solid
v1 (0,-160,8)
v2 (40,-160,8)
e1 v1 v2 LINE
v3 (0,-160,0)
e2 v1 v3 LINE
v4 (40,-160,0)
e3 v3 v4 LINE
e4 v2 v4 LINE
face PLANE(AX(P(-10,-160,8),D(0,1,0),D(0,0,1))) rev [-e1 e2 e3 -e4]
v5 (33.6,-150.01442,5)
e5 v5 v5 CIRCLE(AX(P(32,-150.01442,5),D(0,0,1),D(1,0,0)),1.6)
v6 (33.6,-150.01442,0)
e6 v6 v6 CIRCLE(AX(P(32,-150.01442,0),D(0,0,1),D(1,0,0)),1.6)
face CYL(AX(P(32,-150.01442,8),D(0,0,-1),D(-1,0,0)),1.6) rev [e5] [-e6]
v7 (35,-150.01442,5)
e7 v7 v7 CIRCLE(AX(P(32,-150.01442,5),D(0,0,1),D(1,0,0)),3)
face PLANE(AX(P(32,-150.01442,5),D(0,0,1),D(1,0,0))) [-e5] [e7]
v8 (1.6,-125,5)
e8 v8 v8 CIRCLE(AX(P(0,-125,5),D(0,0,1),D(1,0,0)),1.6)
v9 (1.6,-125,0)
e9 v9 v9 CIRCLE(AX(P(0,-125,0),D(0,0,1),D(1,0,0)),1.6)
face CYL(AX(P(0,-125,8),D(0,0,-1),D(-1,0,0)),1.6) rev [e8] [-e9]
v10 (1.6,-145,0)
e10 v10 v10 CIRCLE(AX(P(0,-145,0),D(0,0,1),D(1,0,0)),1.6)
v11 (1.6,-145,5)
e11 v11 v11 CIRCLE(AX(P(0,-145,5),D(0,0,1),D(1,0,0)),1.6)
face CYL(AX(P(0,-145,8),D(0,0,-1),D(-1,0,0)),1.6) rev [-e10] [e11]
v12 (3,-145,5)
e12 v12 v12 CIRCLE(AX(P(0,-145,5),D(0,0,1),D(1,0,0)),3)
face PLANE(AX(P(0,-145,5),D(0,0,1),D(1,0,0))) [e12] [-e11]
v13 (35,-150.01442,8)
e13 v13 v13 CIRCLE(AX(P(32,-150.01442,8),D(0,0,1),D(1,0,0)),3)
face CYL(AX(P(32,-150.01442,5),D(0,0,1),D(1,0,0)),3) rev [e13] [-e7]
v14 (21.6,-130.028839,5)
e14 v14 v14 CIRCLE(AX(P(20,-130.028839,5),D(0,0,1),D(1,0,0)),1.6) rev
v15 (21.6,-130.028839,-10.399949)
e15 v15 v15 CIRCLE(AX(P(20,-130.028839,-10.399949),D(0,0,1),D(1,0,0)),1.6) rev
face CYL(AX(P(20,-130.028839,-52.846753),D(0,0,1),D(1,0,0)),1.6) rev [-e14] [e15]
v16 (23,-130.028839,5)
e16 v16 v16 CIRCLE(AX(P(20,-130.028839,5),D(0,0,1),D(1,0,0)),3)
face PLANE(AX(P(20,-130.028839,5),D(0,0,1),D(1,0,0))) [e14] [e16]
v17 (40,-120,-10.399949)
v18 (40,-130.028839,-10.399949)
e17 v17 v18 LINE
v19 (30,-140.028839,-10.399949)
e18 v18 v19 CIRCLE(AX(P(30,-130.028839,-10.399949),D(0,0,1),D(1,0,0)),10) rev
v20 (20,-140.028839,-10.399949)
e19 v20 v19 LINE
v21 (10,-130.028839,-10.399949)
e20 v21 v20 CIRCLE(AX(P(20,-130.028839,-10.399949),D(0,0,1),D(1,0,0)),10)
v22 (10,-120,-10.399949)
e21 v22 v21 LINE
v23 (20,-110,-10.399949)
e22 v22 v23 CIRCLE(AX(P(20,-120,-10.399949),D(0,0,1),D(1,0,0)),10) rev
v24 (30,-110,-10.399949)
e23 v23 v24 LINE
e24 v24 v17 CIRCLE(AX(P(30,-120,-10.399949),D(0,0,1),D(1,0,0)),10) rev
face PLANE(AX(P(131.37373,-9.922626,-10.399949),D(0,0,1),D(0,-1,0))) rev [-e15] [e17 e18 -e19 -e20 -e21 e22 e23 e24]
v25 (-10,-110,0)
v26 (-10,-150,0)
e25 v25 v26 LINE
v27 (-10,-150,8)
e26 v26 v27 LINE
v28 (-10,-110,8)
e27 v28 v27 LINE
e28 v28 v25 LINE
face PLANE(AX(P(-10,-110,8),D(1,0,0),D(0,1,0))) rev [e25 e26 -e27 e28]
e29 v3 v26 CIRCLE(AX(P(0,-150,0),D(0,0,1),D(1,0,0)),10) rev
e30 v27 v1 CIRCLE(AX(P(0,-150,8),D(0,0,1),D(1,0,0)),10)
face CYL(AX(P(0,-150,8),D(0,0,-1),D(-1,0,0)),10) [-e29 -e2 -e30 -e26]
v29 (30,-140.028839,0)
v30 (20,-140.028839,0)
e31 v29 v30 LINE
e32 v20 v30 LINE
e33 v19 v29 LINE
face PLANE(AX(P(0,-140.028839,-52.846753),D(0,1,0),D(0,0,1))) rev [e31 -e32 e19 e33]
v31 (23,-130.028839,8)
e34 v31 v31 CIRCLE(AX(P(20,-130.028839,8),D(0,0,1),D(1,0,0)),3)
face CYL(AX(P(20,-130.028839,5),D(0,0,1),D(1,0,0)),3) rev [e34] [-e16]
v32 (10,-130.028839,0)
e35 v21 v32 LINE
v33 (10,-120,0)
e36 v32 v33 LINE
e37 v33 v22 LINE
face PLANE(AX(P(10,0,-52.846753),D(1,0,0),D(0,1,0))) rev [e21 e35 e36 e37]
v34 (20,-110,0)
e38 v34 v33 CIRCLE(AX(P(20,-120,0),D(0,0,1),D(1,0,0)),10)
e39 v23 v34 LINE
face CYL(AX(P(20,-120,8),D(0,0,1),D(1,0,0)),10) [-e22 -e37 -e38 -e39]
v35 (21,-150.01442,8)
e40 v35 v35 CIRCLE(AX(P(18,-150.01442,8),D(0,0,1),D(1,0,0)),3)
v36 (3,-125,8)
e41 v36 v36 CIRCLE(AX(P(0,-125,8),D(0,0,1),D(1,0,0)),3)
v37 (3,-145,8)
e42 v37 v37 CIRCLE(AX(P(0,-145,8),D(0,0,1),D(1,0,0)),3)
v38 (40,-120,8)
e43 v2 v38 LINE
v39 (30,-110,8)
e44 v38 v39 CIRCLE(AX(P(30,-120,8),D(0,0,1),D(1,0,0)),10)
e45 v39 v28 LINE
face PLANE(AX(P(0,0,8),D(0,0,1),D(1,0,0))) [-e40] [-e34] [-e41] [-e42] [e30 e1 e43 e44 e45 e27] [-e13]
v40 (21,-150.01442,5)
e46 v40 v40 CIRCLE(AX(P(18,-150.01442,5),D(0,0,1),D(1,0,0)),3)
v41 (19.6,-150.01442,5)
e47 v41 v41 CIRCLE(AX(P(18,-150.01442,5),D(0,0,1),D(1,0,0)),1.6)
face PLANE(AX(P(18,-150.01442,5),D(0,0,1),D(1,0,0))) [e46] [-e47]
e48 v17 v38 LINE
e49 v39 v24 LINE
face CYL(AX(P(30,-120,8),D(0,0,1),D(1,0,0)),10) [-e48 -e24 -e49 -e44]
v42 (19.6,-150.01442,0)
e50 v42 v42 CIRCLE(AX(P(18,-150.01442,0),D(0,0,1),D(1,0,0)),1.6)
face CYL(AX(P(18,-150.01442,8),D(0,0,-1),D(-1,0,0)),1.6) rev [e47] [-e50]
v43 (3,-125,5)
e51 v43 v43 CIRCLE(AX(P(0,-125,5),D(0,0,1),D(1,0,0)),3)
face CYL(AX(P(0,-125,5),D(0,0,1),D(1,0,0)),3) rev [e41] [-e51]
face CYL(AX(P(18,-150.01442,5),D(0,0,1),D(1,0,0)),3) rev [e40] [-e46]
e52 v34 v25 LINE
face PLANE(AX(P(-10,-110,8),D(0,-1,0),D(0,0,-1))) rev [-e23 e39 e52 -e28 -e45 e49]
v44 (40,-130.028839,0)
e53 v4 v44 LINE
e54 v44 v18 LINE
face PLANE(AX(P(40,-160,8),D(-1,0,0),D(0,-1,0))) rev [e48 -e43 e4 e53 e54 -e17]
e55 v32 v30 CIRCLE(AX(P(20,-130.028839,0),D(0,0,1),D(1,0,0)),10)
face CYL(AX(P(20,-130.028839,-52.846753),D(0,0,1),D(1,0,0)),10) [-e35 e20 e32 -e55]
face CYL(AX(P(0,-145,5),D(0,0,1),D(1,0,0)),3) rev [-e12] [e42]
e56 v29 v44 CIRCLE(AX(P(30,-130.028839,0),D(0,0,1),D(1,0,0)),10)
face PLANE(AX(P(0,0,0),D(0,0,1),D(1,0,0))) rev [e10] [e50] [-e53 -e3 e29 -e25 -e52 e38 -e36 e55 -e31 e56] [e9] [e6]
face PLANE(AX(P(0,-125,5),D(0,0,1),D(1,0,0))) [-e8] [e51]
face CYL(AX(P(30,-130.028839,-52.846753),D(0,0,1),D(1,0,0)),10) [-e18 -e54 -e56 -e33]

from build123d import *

# Parameters (mm, degrees)
SKETCH_1_R          = 1.6
EXTRUDE_1_DEPTH     = 8
SKETCH_2_R          = 3
CUT_EXTRUDE_1_DEPTH = 3
FILLET_1_R          = 10
SKETCH_3_R          = 1.6
EXTRUDE_2_DEPTH     = 18.3999492
SKETCH_4_R          = 3
CUT_EXTRUDE_2_DEPTH = 3
FILLET_2_R          = 10


with BuildPart() as part:
    # 草图1 → 凸台-拉伸1 (new body)
    with BuildSketch(Plane.XY):
        Polygon((-10, -110), (10, -110), (10, -140.028839027), (40, -140.028839027), (40, -160), (-10, -160), align=None)
        with Locations((0, -125)):
            Circle(SKETCH_1_R, mode=Mode.SUBTRACT)
        with Locations((0, -145)):
            Circle(SKETCH_1_R, mode=Mode.SUBTRACT)
        with Locations((18, -150.014419513)):
            Circle(SKETCH_1_R, mode=Mode.SUBTRACT)
        with Locations((32, -150.014419513)):
            Circle(SKETCH_1_R, mode=Mode.SUBTRACT)
    extrude(amount=EXTRUDE_1_DEPTH)

    # 草图2 → 切除-拉伸1 (cut)
    with BuildSketch(Plane.XY.offset(8)):
        with Locations((32, -150.014419513)):
            Circle(SKETCH_2_R)
        with Locations((18, -150.014419513)):
            Circle(SKETCH_2_R)
        with Locations((0, -145)):
            Circle(SKETCH_2_R)
        with Locations((0, -125)):
            Circle(SKETCH_2_R)
    extrude(amount=-CUT_EXTRUDE_1_DEPTH, mode=Mode.SUBTRACT)

    # 圆角1
    fillet_1_edges = [part.edges().sort_by_distance(p)[0] for p in [
        (10, -140.028839027, 4),
        (-10, -160, 4),
    ]]
    fillet(fillet_1_edges, radius=FILLET_1_R)

    # 草图3 → 凸台-拉伸2 (add)
    with BuildSketch(Plane.XY.offset(8)):
        with BuildLine():
            Line((10, -130.028839027), (10, -110))
            Line((10, -110), (40, -110))
            Line((40, -110), (40, -140.028839027))
            Line((40, -140.028839027), (20, -140.028839027))
            ThreePointArc((20, -140.028839027), (12.928932188, -137.099906839), (10, -130.028839027))
        make_face()
        with Locations((20, -130.028839027)):
            Circle(SKETCH_3_R, mode=Mode.SUBTRACT)
    extrude(amount=-EXTRUDE_2_DEPTH)

    # 草图4 → 切除-拉伸2 (cut)
    with BuildSketch(Plane.XY.offset(8)):
        with Locations((20, -130.028839027)):
            Circle(SKETCH_4_R)
    extrude(amount=-CUT_EXTRUDE_2_DEPTH, mode=Mode.SUBTRACT)

    # 圆角2
    fillet_2_edges = [part.edges().sort_by_distance(p)[0] for p in [
        (40, -140.028839027, -5.1999746),
        (40, -110, -1.1999746),
        (10, -110, -5.1999746),
    ]]
    fillet(fillet_2_edges, radius=FILLET_2_R)


solid = part.part
